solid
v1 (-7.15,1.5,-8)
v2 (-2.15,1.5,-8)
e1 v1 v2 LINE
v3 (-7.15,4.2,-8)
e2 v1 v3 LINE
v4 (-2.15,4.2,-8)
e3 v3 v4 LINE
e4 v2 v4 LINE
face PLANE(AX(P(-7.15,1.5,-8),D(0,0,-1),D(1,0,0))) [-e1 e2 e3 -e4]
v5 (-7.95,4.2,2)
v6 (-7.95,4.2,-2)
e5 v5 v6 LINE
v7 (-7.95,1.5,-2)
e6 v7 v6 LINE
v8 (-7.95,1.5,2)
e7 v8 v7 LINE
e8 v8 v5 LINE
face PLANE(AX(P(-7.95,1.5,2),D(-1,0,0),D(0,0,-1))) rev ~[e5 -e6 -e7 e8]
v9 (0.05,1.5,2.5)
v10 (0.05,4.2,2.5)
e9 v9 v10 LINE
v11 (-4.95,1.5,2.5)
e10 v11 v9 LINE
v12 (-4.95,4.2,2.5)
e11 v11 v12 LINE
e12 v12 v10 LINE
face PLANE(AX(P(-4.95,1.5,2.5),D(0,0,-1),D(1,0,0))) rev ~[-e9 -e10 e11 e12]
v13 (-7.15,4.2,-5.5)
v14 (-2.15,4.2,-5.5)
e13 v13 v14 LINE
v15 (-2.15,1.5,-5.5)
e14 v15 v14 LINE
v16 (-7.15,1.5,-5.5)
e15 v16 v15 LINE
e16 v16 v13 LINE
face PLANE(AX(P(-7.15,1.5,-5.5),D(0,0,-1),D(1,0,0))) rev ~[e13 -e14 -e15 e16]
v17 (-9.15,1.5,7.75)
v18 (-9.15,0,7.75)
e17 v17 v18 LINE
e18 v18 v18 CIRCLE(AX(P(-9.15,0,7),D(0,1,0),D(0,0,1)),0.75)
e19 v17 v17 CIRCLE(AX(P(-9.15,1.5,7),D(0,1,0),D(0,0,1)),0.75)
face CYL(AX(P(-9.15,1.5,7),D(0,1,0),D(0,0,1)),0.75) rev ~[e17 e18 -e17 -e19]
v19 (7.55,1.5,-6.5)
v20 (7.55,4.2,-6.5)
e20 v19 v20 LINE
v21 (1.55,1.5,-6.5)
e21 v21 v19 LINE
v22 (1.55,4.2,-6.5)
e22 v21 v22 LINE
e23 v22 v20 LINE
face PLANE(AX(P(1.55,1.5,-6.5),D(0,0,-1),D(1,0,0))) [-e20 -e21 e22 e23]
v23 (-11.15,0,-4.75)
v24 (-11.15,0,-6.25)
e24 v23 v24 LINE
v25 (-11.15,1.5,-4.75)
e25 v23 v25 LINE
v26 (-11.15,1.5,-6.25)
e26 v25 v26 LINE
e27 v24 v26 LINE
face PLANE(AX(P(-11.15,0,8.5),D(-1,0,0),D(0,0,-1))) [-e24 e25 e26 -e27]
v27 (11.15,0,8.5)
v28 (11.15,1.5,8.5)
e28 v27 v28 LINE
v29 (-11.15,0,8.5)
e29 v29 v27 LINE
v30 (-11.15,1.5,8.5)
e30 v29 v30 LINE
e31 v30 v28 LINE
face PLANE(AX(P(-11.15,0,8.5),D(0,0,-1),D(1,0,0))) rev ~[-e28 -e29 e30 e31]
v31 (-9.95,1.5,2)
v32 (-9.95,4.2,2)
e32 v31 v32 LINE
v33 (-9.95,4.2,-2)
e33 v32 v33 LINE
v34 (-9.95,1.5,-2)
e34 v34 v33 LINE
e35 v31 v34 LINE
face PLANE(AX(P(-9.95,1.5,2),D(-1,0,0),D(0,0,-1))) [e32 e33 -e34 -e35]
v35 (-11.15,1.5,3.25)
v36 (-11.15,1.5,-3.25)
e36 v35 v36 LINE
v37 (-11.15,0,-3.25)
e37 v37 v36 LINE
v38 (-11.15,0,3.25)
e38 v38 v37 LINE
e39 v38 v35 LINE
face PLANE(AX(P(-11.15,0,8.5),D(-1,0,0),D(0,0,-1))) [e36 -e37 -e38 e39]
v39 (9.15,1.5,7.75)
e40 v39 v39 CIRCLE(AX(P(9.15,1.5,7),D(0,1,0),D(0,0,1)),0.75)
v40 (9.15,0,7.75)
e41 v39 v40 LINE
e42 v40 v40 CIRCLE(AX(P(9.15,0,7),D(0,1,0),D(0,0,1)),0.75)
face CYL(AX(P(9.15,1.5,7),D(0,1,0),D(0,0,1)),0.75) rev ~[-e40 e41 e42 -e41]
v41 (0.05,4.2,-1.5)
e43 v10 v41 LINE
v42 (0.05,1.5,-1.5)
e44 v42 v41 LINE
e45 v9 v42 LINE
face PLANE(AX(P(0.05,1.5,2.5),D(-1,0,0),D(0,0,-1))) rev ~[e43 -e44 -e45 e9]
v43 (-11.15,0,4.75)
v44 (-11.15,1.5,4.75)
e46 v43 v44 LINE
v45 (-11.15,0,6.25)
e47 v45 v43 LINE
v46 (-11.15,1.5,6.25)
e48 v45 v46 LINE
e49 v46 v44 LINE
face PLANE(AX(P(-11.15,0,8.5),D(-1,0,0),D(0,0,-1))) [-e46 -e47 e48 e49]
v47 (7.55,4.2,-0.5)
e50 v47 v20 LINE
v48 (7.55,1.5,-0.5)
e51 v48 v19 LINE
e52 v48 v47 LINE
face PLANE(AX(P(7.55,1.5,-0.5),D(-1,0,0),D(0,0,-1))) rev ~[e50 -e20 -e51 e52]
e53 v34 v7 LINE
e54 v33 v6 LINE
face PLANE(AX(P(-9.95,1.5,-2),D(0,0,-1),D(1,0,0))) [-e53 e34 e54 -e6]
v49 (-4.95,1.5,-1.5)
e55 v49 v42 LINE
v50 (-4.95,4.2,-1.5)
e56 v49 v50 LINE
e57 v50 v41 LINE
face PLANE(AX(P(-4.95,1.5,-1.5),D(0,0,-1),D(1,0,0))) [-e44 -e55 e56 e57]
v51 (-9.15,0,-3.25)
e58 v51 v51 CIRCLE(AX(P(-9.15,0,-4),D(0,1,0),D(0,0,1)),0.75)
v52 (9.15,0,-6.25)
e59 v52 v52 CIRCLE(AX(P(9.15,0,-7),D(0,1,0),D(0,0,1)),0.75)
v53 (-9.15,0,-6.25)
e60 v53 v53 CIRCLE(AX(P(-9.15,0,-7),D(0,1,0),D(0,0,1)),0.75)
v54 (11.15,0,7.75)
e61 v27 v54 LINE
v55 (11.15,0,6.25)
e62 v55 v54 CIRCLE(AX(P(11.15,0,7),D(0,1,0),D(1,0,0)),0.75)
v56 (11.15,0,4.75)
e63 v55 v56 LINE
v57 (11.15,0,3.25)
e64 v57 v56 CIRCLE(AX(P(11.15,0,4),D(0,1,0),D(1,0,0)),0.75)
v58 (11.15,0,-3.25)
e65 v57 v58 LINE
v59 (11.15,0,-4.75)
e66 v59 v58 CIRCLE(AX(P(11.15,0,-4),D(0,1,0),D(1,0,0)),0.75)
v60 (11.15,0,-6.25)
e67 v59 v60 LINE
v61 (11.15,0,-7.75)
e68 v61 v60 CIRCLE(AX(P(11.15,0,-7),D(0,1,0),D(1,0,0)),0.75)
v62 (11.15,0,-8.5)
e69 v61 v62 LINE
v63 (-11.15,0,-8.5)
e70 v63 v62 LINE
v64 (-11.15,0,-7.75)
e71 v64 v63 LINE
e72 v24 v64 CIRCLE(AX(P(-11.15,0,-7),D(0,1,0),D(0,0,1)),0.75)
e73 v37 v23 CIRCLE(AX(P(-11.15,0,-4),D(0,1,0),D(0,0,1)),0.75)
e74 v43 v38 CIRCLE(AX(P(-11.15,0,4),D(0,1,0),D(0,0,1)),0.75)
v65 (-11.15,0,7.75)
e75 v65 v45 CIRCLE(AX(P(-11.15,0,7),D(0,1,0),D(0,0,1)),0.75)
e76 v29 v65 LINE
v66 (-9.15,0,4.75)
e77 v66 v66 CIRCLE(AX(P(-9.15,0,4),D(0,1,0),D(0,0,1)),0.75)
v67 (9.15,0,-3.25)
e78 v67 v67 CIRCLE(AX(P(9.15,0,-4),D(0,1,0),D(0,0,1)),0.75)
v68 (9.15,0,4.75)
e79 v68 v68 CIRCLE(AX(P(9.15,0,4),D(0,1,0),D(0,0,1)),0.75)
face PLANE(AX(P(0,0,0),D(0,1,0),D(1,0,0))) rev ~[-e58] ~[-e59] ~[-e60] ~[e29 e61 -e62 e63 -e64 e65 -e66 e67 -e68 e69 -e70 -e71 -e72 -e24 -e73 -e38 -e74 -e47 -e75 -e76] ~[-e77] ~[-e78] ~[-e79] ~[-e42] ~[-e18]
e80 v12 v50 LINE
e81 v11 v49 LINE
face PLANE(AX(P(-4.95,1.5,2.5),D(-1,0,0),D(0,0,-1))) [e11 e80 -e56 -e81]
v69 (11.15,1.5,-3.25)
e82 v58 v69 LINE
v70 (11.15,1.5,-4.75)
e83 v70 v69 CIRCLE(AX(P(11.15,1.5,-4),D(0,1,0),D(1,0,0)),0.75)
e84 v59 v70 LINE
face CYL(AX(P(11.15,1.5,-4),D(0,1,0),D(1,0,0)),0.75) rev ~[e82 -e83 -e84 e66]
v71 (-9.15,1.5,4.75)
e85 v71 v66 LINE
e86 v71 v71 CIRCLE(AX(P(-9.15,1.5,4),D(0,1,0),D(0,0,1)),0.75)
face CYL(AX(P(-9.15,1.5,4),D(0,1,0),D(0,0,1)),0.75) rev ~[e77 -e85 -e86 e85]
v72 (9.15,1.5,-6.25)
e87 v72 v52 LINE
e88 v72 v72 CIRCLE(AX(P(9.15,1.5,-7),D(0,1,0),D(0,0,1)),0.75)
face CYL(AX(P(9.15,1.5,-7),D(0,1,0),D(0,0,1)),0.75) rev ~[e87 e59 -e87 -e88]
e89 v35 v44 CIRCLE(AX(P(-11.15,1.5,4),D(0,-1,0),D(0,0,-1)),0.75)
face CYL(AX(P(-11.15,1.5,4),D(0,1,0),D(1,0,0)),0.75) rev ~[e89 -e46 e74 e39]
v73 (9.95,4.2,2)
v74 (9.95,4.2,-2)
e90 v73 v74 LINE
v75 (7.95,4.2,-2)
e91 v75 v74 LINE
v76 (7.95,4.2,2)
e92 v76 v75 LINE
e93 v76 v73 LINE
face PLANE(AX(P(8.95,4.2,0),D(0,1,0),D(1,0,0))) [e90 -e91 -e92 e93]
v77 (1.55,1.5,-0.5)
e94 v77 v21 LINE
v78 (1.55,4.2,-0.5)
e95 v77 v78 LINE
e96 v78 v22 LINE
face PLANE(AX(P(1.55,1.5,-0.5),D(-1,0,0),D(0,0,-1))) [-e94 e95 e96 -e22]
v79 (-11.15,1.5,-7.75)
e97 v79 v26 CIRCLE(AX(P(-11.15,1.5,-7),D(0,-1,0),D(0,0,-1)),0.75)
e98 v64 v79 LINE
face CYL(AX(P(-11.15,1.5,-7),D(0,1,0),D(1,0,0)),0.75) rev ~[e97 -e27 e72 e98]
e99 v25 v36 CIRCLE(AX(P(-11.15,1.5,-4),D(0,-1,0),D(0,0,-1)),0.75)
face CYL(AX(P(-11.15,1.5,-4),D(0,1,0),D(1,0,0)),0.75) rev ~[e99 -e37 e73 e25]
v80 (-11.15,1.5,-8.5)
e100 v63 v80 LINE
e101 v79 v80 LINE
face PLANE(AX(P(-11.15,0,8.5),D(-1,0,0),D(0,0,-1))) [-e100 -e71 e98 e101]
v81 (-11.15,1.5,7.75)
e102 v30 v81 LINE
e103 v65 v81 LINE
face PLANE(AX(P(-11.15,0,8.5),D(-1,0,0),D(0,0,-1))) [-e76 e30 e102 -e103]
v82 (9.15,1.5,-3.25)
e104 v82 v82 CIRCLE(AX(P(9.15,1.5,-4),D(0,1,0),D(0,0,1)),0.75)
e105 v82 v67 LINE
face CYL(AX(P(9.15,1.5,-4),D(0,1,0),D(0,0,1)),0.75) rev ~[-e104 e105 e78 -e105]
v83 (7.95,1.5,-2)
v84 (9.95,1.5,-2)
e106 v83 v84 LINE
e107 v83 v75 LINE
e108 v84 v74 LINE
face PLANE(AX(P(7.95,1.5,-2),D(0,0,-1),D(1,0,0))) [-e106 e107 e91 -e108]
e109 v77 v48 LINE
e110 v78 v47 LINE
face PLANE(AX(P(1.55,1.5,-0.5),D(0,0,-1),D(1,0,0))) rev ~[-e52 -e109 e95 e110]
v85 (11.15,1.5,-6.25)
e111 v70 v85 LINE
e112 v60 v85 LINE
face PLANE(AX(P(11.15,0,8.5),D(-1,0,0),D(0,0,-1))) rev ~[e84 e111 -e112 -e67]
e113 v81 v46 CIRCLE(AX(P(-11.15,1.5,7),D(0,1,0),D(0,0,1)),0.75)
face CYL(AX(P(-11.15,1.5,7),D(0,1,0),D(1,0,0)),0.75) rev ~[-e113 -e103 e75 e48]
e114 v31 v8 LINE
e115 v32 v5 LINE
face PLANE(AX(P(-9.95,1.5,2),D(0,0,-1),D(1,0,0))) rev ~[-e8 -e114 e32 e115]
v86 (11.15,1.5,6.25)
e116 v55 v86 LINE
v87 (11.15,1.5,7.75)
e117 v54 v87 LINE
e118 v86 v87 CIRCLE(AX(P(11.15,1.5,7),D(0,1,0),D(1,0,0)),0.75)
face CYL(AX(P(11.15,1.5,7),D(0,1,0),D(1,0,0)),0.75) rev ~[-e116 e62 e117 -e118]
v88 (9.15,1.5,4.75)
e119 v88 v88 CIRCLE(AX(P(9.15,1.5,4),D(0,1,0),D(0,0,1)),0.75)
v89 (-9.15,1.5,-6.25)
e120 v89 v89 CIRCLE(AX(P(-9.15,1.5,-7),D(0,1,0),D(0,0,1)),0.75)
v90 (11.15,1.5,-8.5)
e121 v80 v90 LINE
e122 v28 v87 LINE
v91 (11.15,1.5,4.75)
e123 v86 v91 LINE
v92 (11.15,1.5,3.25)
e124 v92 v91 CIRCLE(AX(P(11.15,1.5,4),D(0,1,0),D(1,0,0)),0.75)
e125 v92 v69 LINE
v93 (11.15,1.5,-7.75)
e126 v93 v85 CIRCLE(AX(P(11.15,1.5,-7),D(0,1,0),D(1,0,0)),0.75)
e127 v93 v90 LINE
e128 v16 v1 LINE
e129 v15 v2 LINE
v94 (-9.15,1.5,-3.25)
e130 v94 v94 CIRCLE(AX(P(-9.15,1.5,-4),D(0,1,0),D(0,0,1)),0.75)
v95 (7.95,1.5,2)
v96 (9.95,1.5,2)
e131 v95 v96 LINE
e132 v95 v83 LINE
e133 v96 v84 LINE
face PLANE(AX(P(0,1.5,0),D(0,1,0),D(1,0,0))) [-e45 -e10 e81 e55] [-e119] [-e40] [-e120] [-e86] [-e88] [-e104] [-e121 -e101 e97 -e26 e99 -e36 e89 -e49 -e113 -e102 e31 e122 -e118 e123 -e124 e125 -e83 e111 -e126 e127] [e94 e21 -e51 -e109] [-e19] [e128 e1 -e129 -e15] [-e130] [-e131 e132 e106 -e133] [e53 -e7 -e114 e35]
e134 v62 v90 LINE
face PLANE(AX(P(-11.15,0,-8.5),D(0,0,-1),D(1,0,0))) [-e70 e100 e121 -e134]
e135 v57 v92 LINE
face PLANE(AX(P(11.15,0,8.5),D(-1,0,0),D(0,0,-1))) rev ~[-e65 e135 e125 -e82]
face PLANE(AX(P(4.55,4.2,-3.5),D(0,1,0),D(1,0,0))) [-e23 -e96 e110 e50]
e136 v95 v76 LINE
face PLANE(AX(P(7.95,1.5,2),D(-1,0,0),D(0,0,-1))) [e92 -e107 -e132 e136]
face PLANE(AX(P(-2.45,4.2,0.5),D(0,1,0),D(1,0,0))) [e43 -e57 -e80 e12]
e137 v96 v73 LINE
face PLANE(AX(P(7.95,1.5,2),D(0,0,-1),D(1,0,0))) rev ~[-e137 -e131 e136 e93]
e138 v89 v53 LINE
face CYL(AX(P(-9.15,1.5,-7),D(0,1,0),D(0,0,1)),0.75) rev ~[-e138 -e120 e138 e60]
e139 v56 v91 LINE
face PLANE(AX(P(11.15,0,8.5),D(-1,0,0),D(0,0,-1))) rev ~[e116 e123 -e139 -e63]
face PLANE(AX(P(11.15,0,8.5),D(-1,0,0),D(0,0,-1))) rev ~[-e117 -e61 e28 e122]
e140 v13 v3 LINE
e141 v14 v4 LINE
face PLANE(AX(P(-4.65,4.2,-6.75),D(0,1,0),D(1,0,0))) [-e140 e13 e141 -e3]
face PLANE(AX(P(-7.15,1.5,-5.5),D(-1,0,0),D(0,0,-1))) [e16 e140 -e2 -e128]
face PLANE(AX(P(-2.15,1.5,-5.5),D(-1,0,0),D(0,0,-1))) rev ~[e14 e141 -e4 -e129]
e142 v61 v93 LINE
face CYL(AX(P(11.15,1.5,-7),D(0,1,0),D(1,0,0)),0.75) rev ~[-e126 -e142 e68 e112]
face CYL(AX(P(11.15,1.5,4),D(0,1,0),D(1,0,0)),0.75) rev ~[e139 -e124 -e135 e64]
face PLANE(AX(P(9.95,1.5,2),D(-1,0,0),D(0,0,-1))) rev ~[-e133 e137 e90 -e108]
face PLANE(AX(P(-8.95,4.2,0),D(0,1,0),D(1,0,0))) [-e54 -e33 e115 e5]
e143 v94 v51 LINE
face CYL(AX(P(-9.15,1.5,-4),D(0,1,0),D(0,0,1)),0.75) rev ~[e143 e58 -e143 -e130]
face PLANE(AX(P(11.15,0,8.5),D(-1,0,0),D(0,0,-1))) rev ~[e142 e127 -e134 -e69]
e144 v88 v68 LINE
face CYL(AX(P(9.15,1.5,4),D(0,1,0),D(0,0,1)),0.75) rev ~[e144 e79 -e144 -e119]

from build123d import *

# Parameters (mm, degrees)
SKETCH_1_W          = 22.3
SKETCH_1_H          = 17
EXTRUDE_1_DEPTH     = 1.5
SKETCH_2_W          = 6
SKETCH_2_H          = 6
SKETCH_2_W_2        = 5
SKETCH_2_H_2        = 2.5
SKETCH_2_W_3        = 2
SKETCH_2_H_3        = 4
EXTRUDE_2_DEPTH     = 2.7
SKETCH_3_R          = 0.75
CUT_EXTRUDE_1_DEPTH = 15.278042583


with BuildPart() as part:
    # 스케치1 → 보스-돌출1 (new body)
    with BuildSketch(Plane(origin=(0, 0, 0), x_dir=(1, 0, 0), z_dir=(0, 1, 0))):
        Rectangle(SKETCH_1_W, SKETCH_1_H)
    extrude(amount=EXTRUDE_1_DEPTH)

    # 스케치2 → 보스-돌출2 (add)
    with BuildSketch(Plane(origin=(0, 1.5, 0), x_dir=(1, 0, 0), z_dir=(0, 1, 0))):
        with Locations((4.55, 3.5)):
            Rectangle(SKETCH_2_W, SKETCH_2_H)
        with Locations((-4.65, 6.75)):
            Rectangle(SKETCH_2_W_2, SKETCH_2_H_2)
        with Locations((-8.95, 0)):
            Rectangle(SKETCH_2_W_3, SKETCH_2_H_3)
        with Locations((8.95, 0)):
            Rectangle(SKETCH_2_W_3, SKETCH_2_H_3)
        with Locations((-2.45, -0.5)):
            Rectangle(SKETCH_2_W_2, SKETCH_2_H_3)
    extrude(amount=EXTRUDE_2_DEPTH)

    # 스케치3 → 컷-돌출1 (cut, through all)
    with BuildSketch(Plane(origin=(0, 1.5, 0), x_dir=(1, 0, 0), z_dir=(0, 1, 0))):
        with Locations((-11.15, 7)):
            Circle(SKETCH_3_R)
        with Locations((-11.15, 4)):
            Circle(SKETCH_3_R)
        with Locations(Location((-9.15, 7, 0), (0, 0, 270))):
            Circle(SKETCH_3_R)
        with Locations(Location((-9.15, 4, 0), (0, 0, 270))):
            Circle(SKETCH_3_R)
        with Locations(Location((9.15, 7, 0), (0, 0, 270))):
            Circle(SKETCH_3_R)
        with Locations((11.15, 7)):
            Circle(SKETCH_3_R)
        with Locations(Location((9.15, 4, 0), (0, 0, 270))):
            Circle(SKETCH_3_R)
        with Locations((11.15, 4)):
            Circle(SKETCH_3_R)
        with Locations((-11.15, -4)):
            Circle(SKETCH_3_R)
        with Locations(Location((-9.15, -4, 0), (0, 0, 270))):
            Circle(SKETCH_3_R)
        with Locations(Location((-9.15, -7, 0), (0, 0, 270))):
            Circle(SKETCH_3_R)
        with Locations((-11.15, -7)):
            Circle(SKETCH_3_R)
        with Locations((11.15, -4)):
            Circle(SKETCH_3_R)
        with Locations(Location((9.15, -4, 0), (0, 0, 270))):
            Circle(SKETCH_3_R)
        with Locations(Location((9.15, -7, 0), (0, 0, 270))):
            Circle(SKETCH_3_R)
        with Locations((11.15, -7)):
            Circle(SKETCH_3_R)
    extrude(amount=-CUT_EXTRUDE_1_DEPTH, mode=Mode.SUBTRACT)


solid = part.part
